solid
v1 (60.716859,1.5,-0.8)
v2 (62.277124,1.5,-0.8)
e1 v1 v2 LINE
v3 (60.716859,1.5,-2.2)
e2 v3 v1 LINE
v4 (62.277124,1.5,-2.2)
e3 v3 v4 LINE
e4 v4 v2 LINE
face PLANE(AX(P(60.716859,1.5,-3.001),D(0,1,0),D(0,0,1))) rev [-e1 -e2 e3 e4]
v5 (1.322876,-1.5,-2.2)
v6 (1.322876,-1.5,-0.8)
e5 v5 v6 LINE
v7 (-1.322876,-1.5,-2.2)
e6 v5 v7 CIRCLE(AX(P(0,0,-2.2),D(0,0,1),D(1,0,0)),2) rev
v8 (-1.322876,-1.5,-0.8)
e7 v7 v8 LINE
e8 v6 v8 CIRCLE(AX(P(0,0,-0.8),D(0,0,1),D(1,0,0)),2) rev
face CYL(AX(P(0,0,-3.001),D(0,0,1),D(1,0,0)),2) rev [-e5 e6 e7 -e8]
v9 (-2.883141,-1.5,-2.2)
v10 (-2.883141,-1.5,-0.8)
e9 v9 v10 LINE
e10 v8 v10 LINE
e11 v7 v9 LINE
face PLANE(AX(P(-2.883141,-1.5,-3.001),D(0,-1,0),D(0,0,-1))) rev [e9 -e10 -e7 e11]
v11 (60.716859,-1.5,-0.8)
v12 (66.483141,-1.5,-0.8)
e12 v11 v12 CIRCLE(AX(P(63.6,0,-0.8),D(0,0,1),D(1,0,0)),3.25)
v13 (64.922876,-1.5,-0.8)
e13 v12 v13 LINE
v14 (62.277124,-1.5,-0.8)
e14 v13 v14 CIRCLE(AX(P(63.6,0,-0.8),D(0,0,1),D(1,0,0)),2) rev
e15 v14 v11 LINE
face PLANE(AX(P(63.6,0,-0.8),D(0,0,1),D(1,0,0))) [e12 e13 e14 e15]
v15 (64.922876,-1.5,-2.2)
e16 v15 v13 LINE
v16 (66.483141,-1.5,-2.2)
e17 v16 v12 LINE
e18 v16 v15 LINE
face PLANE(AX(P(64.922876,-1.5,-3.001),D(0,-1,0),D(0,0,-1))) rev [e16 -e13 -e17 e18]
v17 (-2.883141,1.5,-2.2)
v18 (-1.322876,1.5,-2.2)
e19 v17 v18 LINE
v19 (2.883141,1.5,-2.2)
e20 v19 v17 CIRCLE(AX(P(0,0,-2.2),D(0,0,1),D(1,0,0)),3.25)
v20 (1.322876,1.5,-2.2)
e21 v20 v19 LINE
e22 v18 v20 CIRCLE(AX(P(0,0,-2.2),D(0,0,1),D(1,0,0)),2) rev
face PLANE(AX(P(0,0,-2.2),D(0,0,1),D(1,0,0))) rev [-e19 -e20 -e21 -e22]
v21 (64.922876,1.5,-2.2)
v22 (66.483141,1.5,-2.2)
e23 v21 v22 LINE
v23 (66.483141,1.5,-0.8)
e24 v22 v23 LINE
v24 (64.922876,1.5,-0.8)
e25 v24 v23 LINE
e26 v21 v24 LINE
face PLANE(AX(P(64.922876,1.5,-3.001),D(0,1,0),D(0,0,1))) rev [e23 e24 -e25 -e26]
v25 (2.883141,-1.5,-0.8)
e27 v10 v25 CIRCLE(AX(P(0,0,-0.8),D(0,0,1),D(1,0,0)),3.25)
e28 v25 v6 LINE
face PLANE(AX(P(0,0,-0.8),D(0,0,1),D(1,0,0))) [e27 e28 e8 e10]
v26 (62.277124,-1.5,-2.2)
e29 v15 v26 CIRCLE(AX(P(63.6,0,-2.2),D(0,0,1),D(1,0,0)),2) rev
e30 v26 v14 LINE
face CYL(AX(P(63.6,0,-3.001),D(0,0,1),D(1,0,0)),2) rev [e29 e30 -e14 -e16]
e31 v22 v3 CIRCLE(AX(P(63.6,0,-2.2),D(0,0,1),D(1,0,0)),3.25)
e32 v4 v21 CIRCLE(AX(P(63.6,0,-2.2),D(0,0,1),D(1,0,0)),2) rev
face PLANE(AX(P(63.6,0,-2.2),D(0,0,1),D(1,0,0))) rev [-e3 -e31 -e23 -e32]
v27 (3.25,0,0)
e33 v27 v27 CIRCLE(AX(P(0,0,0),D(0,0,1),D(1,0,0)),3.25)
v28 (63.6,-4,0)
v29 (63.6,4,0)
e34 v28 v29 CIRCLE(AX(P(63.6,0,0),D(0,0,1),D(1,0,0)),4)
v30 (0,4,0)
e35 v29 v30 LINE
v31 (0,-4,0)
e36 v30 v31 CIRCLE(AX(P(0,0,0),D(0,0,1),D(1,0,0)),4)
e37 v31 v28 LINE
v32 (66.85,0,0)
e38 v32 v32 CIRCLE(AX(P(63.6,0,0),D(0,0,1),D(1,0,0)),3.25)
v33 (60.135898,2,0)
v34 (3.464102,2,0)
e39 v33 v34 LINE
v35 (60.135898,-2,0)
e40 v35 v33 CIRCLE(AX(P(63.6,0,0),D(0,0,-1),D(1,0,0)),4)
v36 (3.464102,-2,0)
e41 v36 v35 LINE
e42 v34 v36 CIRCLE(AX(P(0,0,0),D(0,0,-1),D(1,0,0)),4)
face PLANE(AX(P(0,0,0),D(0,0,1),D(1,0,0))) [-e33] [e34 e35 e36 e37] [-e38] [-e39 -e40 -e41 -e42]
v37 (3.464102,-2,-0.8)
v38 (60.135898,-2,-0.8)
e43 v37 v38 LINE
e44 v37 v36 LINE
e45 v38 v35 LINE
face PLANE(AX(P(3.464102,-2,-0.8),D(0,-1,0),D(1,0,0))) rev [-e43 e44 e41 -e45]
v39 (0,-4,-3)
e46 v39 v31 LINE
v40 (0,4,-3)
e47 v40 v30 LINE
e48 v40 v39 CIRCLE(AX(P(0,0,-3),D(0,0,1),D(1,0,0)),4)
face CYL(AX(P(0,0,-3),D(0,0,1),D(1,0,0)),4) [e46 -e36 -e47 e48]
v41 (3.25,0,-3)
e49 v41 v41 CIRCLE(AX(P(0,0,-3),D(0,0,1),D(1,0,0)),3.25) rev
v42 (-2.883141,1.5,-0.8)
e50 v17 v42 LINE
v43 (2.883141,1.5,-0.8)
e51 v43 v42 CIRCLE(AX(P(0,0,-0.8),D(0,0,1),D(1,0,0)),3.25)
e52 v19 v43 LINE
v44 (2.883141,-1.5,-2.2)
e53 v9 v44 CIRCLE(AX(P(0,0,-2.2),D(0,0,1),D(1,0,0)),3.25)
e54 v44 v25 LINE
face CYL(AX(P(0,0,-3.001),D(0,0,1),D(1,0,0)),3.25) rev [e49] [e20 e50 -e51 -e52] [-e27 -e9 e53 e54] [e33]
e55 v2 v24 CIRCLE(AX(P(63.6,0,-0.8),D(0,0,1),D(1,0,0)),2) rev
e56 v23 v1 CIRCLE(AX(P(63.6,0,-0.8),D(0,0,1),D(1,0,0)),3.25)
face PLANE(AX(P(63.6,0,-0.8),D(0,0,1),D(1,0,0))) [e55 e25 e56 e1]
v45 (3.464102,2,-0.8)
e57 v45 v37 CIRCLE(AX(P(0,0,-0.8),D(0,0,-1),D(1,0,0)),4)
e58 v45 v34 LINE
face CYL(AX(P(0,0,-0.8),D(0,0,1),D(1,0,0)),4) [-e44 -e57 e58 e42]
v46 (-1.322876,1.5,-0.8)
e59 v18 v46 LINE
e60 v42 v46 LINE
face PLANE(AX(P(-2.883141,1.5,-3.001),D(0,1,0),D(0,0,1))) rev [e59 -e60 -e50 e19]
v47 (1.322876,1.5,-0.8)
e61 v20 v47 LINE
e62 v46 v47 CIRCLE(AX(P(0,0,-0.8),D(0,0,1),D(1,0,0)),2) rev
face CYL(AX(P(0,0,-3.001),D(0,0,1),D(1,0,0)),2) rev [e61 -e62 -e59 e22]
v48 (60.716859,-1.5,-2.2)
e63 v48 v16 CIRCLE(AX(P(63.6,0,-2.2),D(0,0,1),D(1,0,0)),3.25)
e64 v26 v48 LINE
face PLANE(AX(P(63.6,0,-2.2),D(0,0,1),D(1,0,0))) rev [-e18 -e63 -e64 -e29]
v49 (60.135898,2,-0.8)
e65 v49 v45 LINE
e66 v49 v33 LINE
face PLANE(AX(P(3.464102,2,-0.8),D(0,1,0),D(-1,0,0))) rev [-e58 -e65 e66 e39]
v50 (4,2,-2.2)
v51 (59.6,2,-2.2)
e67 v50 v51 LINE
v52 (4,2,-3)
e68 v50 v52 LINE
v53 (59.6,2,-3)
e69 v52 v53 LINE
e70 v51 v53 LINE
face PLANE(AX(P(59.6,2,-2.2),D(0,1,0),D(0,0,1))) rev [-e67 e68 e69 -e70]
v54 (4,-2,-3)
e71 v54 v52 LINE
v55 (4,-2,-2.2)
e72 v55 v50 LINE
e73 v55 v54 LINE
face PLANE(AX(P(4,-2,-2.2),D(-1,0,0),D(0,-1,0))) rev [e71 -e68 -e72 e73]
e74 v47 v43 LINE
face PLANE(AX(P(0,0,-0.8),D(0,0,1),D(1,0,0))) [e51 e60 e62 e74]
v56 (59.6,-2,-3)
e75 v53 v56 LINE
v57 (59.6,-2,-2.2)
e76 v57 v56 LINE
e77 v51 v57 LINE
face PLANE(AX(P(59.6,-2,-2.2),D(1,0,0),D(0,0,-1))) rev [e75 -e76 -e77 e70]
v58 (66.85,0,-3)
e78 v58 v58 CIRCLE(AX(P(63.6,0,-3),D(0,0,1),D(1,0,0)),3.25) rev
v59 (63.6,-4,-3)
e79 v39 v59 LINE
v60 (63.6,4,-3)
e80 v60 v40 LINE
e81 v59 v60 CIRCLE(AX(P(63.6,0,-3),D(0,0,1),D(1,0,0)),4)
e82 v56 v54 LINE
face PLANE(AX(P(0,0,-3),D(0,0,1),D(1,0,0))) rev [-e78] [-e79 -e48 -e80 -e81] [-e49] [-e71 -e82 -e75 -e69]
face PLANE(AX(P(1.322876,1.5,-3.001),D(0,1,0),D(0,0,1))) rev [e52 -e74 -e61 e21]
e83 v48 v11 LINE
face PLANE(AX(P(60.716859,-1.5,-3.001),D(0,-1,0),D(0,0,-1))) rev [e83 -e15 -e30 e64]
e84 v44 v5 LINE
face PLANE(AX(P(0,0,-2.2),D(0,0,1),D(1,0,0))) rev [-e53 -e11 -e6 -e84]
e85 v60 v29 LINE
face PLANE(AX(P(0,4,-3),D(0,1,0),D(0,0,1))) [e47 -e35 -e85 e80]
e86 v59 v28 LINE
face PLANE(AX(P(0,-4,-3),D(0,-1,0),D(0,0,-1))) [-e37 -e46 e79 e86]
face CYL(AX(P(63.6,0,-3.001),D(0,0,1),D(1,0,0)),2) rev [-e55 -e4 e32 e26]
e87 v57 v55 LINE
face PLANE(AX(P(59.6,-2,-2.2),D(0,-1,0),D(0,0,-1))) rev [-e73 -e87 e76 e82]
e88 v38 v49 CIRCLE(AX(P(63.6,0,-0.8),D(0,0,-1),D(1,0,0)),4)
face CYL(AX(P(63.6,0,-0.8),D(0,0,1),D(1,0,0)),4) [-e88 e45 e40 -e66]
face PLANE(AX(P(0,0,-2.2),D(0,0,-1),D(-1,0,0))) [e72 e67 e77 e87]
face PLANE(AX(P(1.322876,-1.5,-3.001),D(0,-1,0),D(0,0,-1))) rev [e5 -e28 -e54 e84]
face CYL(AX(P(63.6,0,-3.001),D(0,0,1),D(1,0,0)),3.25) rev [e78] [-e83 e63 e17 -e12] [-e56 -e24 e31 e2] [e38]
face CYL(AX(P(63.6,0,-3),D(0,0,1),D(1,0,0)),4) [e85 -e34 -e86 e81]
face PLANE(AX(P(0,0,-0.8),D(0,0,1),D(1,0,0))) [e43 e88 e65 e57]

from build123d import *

# Parameters (mm, degrees)
EXTRUDE_1_DEPTH        = 3
CUT_EXTRUDE_1_REACH    = 69.785
SKETCH_3_R             = 3.25
CUT_EXTRUDE_2_DEPTH    = 0.8
CUT_EXTRUDE_START      = -2.2
SKETCH_3_2_R           = 3.25
CUT_EXTRUDE_3_DEPTH    = 0.8
PATTERN_LINEAR_1_COUNT = 2
PATTERN_LINEAR_1_PITCH = 63.6
CUT_EXTRUDE_4_DEPTH    = 0.8
SKETCH_5_W             = 55.6
SKETCH_5_H             = 4
CUT_EXTRUDE_5_DEPTH    = 0.8


with BuildPart() as part:
    # 草图1 → 凸台-拉伸1 (new body)
    with BuildSketch(Plane.XY):
        with BuildLine():
            Line((0, 4), (63.6, 4))
            ThreePointArc((63.6, 4), (67.6, 0), (63.6, -4))
            Line((63.6, -4), (0, -4))
            ThreePointArc((0, -4), (-4, 0), (0, 4))
        make_face()
    extrude(amount=-EXTRUDE_1_DEPTH)

    # 草图2 → 切除-拉伸1 (cut, up to next)
    with BuildSketch(Plane.XY, mode=Mode.PRIVATE) as cut_extrude_1_sk1:
        with BuildLine():
            Line((1.322875656, -1.5), (2.883140649, -1.5))
            ThreePointArc((2.883140649, -1.5), (3.25, 0), (2.883140649, 1.5))
            Line((2.883140649, 1.5), (1.322875656, 1.5))
            ThreePointArc((1.322875656, 1.5), (0, 2), (-1.322875656, 1.5))
            Line((-1.322875656, 1.5), (-2.883140649, 1.5))
            ThreePointArc((-2.883140649, 1.5), (-3.25, 0), (-2.883140649, -1.5))
            Line((-2.883140649, -1.5), (-1.322875656, -1.5))
            ThreePointArc((-1.322875656, -1.5), (0, -2), (1.322875656, -1.5))
        make_face()
    cut_extrude_1_tool1 = extrude(cut_extrude_1_sk1.sketch, amount=-CUT_EXTRUDE_1_REACH, mode=Mode.PRIVATE) & part.part
    cut_extrude_1 = cut_extrude_1_tool1.solids().sort_by_distance((0, 0, 0))[0]
    add(cut_extrude_1, mode=Mode.SUBTRACT)

    # 草图3 → 切除-拉伸2 (cut)
    with BuildSketch(Plane.XY):
        Circle(SKETCH_3_R)
    cut_extrude_2 = extrude(amount=-CUT_EXTRUDE_2_DEPTH, mode=Mode.SUBTRACT)

    # 草图3<2> → 切除-拉伸3 (cut)
    with BuildSketch(Plane.XY.offset(CUT_EXTRUDE_START)):
        Circle(SKETCH_3_2_R)
    cut_extrude_3 = extrude(amount=-CUT_EXTRUDE_3_DEPTH, mode=Mode.SUBTRACT)

    # 阵列(线性)1: 切除-拉伸1, 切除-拉伸2, 切除-拉伸3 ×2
    with Locations(*[(i * PATTERN_LINEAR_1_PITCH, 0, 0) for i in range(1, PATTERN_LINEAR_1_COUNT)]):
        add(cut_extrude_1, mode=Mode.SUBTRACT)
        add(cut_extrude_2, mode=Mode.SUBTRACT)
        add(cut_extrude_3, mode=Mode.SUBTRACT)

    # 草图4 → 切除-拉伸4 (cut)
    with BuildSketch(Plane.XY):
        with BuildLine():
            Line((3.464101615, 2), (60.135898385, 2))
            ThreePointArc((60.135898385, 2), (59.6, 0), (60.135898385, -2))
            Line((60.135898385, -2), (3.464101615, -2))
            ThreePointArc((3.464101615, -2), (4, 0), (3.464101615, 2))
        make_face()
    extrude(amount=-CUT_EXTRUDE_4_DEPTH, mode=Mode.SUBTRACT)

    # 草图5 → 切除-拉伸5 (cut)
    with BuildSketch(Plane(origin=(0, 0, -3), x_dir=(-1, 0, 0), z_dir=(0, 0, -1))):
        with Locations((-31.8, 0)):
            Rectangle(SKETCH_5_W, SKETCH_5_H)
    extrude(amount=-CUT_EXTRUDE_5_DEPTH, mode=Mode.SUBTRACT)


solid = part.part
